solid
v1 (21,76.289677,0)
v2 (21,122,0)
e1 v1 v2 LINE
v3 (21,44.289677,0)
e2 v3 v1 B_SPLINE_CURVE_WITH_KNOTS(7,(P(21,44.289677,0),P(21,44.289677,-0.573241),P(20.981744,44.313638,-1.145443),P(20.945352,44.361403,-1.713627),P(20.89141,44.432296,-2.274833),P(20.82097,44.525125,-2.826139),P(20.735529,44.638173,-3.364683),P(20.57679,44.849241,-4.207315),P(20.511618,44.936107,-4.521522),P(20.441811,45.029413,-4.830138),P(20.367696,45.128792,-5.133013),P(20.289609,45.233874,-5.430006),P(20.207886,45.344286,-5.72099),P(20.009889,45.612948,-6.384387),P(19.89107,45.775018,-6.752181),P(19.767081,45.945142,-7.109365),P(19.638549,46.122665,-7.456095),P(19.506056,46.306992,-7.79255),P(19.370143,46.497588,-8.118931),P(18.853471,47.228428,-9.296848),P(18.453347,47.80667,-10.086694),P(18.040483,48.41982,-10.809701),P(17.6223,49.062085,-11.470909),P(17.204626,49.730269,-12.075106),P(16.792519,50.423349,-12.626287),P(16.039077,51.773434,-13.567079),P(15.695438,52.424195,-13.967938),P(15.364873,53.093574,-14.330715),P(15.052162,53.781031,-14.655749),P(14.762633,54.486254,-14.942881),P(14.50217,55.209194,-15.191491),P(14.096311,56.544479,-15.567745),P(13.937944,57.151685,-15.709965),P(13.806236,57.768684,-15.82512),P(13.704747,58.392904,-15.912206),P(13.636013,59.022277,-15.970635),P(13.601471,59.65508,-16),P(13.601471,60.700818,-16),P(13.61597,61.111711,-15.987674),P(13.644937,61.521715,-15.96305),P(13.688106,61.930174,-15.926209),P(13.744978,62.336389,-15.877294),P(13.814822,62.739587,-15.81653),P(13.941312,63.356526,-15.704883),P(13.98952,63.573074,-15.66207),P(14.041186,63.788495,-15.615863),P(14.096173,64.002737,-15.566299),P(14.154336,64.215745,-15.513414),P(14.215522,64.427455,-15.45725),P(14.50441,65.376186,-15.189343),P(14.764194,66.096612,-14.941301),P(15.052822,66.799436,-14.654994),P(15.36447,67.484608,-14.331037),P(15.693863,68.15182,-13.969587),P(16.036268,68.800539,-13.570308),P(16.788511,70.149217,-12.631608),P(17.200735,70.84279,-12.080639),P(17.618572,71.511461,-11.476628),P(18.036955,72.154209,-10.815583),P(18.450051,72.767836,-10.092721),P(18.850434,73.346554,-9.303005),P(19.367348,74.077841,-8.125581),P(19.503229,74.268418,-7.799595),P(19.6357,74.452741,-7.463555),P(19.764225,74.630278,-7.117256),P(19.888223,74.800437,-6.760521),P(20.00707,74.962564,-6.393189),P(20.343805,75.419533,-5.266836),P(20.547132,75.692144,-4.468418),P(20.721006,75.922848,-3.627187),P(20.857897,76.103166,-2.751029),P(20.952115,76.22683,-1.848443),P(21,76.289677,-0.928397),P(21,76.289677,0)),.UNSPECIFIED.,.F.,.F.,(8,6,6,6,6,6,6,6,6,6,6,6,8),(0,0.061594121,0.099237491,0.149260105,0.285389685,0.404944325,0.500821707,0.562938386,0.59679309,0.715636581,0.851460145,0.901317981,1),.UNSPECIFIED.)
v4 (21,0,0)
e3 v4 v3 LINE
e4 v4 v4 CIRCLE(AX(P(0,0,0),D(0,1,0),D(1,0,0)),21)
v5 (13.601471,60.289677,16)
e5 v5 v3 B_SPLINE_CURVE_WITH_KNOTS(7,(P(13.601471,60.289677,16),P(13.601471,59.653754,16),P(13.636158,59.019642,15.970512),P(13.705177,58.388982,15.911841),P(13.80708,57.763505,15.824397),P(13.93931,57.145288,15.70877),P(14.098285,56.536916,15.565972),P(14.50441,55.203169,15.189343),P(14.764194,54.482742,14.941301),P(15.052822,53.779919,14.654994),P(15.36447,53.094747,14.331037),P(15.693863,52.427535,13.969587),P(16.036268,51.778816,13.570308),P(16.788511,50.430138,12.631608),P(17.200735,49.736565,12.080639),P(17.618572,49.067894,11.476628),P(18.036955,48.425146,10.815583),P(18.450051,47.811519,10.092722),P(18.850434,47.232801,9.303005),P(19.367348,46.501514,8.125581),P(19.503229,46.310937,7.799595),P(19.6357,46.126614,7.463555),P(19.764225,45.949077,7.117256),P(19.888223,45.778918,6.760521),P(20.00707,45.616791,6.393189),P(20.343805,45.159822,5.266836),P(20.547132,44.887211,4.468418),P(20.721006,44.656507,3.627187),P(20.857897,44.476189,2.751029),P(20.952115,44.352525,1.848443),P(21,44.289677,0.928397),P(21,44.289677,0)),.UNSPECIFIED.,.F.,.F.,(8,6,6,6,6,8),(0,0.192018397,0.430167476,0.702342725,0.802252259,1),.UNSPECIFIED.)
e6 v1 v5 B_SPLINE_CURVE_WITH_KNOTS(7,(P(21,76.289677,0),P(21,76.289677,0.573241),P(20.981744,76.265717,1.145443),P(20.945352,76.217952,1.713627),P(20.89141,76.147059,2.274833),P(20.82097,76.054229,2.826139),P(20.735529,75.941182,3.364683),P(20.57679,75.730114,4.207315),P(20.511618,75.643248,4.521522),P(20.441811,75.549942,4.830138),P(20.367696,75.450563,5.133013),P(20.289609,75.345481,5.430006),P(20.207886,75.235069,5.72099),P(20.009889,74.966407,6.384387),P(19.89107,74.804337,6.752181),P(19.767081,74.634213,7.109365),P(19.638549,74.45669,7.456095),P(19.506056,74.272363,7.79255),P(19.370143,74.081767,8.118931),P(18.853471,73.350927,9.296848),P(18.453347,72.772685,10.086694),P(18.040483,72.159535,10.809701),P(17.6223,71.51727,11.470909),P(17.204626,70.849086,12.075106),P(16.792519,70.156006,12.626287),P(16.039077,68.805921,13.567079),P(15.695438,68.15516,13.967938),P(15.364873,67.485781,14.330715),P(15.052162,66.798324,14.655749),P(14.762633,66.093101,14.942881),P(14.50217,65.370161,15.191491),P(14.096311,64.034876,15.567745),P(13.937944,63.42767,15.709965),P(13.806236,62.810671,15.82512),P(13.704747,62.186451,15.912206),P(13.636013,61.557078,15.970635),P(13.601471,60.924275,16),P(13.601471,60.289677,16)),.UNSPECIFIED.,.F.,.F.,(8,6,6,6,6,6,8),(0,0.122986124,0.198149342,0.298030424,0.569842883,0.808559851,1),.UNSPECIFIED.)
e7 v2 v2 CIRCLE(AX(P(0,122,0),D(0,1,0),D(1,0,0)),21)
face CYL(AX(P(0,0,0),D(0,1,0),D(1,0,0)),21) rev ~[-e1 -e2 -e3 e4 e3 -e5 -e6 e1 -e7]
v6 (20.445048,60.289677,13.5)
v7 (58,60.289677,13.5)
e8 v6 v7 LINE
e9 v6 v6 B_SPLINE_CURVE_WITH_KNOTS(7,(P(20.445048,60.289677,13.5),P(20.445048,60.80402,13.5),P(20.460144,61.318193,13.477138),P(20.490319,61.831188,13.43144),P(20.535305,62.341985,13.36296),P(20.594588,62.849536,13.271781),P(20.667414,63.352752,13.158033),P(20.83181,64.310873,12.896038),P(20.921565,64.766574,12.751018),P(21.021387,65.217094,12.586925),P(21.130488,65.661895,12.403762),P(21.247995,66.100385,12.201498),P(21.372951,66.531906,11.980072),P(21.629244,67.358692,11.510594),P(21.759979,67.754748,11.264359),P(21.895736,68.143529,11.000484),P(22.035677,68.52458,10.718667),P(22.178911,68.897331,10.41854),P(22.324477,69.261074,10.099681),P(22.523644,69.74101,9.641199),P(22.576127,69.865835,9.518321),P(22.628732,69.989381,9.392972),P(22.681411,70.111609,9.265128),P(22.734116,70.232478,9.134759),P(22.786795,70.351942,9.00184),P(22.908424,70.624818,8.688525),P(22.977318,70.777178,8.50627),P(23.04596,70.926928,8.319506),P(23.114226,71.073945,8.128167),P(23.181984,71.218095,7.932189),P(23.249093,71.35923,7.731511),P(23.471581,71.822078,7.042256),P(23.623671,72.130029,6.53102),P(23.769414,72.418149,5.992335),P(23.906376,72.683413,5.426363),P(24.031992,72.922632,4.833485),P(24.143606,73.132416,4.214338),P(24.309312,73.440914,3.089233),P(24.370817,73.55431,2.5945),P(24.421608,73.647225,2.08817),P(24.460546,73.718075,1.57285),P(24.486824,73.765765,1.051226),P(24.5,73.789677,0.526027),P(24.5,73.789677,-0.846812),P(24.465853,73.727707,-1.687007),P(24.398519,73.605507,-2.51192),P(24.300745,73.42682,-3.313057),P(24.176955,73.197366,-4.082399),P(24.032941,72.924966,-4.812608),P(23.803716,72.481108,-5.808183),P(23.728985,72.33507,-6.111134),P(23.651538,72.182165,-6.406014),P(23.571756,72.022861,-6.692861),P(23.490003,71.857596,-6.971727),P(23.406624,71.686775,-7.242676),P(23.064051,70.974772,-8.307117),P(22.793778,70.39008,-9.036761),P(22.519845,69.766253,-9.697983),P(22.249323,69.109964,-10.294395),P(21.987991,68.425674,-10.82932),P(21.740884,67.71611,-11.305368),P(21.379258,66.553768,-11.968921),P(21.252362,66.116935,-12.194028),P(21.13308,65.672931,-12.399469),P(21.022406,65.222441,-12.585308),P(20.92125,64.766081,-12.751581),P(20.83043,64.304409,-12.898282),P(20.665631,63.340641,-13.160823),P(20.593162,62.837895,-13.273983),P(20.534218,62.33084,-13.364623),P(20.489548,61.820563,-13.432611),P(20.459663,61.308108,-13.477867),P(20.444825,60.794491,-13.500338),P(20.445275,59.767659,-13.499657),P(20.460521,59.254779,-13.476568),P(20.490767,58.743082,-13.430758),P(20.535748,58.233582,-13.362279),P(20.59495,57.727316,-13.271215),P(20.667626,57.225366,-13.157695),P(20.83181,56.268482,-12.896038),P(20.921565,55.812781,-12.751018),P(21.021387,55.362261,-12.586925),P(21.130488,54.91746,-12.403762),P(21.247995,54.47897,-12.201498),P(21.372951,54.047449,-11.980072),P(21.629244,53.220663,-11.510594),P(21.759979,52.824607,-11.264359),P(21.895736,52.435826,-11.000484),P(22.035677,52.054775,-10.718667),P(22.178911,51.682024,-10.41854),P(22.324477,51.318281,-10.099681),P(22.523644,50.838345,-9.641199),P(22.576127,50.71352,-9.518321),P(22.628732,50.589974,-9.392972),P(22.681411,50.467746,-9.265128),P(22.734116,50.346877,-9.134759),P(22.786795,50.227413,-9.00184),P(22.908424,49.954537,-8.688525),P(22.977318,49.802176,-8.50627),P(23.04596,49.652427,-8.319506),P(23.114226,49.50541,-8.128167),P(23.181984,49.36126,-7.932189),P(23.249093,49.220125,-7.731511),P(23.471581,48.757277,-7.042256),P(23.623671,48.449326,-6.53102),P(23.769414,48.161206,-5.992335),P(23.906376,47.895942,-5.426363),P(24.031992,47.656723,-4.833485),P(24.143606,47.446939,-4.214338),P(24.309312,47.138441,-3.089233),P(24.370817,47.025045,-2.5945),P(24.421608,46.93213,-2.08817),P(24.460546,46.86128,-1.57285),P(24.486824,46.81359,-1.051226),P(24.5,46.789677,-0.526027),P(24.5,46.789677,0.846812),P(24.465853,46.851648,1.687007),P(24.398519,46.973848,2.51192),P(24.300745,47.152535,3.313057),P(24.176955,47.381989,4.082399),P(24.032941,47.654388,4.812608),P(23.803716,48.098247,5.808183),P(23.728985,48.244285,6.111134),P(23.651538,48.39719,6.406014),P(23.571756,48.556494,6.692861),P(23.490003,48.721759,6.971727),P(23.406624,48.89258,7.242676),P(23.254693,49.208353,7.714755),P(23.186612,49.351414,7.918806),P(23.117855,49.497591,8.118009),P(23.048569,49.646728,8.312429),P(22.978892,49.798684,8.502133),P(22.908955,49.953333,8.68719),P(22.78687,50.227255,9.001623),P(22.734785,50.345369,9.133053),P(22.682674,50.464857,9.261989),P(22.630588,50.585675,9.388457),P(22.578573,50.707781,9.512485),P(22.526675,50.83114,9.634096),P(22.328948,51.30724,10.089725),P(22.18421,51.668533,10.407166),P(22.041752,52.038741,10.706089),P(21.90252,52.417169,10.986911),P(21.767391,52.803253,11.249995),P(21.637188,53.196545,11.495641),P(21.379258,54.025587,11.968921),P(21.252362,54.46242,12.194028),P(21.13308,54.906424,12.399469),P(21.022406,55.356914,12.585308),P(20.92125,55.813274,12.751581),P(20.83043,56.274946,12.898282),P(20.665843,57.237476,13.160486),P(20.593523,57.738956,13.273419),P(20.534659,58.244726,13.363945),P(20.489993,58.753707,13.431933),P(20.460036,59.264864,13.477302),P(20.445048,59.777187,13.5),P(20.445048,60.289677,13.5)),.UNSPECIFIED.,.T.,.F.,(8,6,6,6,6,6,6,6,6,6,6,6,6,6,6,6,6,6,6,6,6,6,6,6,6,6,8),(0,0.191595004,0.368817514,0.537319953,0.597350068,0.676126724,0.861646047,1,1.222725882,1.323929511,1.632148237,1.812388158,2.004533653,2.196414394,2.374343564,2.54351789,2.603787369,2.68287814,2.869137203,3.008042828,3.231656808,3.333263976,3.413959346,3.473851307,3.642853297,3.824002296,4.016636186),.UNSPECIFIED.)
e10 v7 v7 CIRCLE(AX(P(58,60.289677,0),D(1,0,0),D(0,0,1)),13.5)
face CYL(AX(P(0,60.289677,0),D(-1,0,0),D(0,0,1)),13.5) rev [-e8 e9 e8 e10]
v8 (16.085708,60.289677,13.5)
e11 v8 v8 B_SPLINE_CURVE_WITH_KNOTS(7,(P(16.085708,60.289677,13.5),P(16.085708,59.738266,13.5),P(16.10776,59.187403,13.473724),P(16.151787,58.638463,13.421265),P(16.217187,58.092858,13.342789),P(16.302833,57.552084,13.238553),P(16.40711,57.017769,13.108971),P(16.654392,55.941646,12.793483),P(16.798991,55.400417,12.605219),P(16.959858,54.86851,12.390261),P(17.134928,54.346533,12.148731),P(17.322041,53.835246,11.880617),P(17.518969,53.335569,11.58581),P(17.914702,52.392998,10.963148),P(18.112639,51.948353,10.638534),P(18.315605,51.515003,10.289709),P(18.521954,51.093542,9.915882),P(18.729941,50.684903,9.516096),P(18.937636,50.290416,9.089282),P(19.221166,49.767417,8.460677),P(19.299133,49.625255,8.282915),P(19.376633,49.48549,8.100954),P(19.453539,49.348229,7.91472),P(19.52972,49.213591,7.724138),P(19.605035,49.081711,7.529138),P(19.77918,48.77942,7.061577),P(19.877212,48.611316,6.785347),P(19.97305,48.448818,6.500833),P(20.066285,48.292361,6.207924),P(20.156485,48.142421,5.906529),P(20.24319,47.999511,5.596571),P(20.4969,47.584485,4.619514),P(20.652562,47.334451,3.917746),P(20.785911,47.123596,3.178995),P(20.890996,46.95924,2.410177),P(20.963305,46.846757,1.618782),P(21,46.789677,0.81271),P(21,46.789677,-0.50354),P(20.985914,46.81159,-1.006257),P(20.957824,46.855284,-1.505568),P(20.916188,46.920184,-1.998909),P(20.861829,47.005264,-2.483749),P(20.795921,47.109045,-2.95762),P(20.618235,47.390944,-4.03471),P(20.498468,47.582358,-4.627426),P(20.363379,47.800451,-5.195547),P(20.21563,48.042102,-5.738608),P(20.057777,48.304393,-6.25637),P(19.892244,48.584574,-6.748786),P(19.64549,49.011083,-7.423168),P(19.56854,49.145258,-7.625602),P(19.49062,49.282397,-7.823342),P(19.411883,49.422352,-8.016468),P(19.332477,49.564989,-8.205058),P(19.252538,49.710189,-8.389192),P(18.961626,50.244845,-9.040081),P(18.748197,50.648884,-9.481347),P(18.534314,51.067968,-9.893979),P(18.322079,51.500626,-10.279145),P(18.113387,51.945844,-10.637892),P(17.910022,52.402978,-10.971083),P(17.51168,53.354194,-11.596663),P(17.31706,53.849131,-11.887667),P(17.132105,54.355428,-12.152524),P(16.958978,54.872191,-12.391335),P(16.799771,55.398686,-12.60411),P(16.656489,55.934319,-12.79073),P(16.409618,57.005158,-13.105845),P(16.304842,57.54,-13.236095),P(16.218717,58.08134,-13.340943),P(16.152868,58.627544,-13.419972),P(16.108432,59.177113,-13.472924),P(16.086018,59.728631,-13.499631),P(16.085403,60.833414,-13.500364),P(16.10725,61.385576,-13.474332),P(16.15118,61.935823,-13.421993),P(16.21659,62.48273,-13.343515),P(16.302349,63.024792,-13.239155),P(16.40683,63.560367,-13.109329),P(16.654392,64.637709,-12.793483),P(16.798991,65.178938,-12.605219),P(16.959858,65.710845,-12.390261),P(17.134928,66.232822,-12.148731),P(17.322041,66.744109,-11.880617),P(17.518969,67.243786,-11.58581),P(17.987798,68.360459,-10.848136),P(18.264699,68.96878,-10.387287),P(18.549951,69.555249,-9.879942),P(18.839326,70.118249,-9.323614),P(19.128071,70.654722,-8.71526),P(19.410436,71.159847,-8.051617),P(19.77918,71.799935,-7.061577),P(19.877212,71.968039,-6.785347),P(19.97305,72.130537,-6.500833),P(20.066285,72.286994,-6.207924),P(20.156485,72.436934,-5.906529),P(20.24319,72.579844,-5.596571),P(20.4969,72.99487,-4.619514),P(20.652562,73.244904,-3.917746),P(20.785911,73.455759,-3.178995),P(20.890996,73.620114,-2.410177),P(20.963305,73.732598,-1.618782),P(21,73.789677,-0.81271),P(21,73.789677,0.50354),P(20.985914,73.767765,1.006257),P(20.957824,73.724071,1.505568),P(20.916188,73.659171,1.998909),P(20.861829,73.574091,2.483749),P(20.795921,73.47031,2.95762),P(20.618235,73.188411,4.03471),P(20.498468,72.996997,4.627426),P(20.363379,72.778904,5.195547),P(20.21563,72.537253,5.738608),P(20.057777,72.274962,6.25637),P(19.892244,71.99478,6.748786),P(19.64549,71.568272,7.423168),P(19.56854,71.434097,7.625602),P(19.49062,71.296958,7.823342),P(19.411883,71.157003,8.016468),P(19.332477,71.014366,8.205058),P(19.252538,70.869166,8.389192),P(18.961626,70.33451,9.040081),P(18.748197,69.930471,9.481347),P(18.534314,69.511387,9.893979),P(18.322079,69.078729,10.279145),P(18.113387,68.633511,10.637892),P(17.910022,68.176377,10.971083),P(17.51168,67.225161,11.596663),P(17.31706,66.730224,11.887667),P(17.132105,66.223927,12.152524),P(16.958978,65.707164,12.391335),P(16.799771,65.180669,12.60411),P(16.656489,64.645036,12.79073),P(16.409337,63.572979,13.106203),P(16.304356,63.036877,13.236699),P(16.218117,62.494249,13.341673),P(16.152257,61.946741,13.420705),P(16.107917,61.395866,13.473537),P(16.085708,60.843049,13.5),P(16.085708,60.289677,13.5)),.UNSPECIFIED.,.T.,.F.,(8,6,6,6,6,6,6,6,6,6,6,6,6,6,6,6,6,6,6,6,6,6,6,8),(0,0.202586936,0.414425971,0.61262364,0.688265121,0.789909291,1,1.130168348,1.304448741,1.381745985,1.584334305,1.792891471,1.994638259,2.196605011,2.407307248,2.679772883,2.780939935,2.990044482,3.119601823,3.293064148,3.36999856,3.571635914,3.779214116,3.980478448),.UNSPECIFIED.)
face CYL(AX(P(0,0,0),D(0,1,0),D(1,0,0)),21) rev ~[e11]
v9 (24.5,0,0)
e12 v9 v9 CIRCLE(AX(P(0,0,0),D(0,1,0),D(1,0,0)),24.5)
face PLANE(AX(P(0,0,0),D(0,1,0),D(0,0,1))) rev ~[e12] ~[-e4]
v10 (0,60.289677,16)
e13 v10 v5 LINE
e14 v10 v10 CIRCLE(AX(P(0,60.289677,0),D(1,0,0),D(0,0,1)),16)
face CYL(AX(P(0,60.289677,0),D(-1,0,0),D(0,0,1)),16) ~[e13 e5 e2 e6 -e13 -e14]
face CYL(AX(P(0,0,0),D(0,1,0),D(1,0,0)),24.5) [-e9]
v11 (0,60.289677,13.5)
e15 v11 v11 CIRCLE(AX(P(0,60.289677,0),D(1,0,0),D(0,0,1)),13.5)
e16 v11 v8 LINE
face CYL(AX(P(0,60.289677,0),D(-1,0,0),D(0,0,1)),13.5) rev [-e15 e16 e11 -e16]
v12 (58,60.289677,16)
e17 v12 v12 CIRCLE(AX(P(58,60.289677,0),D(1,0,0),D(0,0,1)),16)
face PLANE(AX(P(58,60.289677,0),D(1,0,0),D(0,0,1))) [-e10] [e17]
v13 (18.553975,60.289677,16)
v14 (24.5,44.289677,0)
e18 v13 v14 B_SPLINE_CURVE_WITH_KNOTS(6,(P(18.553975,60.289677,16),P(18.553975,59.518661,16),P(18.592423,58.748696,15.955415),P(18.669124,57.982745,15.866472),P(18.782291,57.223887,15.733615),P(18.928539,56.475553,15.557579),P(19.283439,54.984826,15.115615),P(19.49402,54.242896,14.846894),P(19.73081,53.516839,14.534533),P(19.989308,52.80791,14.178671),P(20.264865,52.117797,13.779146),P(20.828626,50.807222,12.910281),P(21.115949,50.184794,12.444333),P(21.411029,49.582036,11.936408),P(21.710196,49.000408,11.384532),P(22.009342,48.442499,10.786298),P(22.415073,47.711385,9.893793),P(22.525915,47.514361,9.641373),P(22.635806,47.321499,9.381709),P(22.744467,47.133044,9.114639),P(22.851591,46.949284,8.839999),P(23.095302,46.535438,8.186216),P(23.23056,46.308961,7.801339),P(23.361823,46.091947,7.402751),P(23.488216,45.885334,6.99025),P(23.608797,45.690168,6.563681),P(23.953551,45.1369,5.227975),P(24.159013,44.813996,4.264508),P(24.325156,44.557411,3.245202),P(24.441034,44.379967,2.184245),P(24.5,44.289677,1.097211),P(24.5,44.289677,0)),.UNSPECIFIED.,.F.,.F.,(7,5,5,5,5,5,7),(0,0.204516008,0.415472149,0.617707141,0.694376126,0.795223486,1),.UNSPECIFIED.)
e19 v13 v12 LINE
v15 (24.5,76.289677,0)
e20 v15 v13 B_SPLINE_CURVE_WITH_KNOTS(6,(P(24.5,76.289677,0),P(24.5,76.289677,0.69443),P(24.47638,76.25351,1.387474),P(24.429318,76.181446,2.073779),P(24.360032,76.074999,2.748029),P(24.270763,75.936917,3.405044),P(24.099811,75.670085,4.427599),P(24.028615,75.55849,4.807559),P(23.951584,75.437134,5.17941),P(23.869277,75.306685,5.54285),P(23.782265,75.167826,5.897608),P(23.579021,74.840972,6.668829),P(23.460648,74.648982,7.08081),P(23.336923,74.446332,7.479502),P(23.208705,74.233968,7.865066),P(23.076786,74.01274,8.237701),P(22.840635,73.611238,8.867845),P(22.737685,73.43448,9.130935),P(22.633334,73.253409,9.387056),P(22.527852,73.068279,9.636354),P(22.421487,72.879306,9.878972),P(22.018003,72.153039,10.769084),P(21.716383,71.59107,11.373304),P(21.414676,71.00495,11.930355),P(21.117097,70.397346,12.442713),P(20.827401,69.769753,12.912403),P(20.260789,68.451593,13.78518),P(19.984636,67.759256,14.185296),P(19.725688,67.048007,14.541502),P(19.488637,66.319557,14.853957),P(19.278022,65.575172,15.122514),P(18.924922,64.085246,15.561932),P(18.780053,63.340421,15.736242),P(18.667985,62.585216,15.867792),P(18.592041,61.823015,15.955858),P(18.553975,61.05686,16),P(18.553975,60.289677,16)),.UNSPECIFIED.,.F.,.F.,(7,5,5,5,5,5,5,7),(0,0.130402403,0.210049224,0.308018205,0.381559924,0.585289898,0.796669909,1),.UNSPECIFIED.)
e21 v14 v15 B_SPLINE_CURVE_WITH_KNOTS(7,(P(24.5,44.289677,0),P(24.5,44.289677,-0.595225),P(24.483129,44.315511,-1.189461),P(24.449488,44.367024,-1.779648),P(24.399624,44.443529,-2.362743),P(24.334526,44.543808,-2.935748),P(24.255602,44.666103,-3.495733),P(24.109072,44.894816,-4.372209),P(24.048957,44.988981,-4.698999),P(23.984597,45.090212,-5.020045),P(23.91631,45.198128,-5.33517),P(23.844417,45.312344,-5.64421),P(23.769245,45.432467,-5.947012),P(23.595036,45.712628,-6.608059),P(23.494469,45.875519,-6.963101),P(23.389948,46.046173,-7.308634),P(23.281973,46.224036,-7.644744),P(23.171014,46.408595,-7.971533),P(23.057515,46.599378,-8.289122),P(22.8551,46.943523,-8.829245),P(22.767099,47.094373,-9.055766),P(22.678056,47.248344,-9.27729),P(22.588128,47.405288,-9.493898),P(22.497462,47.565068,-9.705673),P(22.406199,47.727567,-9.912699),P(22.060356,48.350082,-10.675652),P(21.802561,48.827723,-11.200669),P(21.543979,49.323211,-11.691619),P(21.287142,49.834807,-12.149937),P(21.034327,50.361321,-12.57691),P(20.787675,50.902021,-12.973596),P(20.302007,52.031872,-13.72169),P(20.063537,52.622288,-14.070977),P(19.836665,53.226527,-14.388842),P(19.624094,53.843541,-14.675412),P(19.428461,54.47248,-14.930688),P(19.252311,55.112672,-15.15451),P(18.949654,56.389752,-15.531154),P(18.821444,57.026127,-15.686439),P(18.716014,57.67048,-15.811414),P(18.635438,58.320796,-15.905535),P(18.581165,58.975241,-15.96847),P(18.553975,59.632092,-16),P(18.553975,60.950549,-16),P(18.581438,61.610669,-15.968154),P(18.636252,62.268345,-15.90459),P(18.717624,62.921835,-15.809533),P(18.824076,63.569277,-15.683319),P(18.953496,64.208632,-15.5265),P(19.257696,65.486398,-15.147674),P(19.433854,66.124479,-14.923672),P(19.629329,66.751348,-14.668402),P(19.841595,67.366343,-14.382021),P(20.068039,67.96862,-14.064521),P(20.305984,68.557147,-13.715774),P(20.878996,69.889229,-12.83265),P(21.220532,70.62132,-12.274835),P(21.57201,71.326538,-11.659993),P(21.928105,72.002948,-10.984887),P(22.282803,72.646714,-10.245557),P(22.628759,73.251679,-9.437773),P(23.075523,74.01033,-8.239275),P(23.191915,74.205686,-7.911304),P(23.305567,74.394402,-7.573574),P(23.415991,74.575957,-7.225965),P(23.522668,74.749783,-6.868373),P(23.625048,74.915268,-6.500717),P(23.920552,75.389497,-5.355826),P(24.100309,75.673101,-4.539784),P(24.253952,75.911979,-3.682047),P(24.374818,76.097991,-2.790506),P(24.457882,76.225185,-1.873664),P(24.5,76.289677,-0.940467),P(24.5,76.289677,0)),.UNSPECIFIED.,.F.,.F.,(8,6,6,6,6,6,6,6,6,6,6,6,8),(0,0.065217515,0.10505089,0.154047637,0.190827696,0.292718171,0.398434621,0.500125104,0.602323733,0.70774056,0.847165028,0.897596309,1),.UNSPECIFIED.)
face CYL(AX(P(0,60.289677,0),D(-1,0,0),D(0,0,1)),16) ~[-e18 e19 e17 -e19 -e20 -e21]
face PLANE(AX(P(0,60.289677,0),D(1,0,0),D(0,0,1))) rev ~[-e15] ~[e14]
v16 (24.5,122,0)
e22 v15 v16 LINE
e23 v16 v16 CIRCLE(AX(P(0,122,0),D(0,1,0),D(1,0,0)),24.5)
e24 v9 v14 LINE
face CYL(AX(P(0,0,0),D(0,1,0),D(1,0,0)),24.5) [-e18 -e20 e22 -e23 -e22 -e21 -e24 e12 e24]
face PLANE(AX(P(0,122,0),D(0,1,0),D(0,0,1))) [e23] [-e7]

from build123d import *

# Parameters (mm, degrees)
SKETCH1_R           = 24.5
SKETCH1_R_2         = 21
SKETCH5_R           = 16
SKETCH5_R_2         = 13.5
BOSS_EXTRUDE3_DEPTH = 58


with BuildPart() as part:
    # Sweep2: sweep along a path in Sketch2
    with BuildLine(Plane.XY) as sweep2_path:
        Line((0, 0), (0, 122))
    # Sketch1 → Sweep2 (sweep)
    with BuildSketch(Plane(origin=(0, 0, 0), x_dir=(1, 0, 0), z_dir=(0, 1, 0))):
        Circle(SKETCH1_R)
        Circle(SKETCH1_R_2, mode=Mode.SUBTRACT)
    sweep(path=sweep2_path.line)

    # Sketch5 → Boss-Extrude3 (add)
    with BuildSketch(Plane(origin=(0, 0, 0), x_dir=(0, 0, -1), z_dir=(1, 0, 0))):
        with Locations(Location((0, 60.289677485, 0), (0, 0, 180))):
            Circle(SKETCH5_R)
        with Locations(Location((0, 60.289677485, 0), (0, 0, 180))):
            Circle(SKETCH5_R_2, mode=Mode.SUBTRACT)
    extrude(amount=BOSS_EXTRUDE3_DEPTH)


solid = part.part
